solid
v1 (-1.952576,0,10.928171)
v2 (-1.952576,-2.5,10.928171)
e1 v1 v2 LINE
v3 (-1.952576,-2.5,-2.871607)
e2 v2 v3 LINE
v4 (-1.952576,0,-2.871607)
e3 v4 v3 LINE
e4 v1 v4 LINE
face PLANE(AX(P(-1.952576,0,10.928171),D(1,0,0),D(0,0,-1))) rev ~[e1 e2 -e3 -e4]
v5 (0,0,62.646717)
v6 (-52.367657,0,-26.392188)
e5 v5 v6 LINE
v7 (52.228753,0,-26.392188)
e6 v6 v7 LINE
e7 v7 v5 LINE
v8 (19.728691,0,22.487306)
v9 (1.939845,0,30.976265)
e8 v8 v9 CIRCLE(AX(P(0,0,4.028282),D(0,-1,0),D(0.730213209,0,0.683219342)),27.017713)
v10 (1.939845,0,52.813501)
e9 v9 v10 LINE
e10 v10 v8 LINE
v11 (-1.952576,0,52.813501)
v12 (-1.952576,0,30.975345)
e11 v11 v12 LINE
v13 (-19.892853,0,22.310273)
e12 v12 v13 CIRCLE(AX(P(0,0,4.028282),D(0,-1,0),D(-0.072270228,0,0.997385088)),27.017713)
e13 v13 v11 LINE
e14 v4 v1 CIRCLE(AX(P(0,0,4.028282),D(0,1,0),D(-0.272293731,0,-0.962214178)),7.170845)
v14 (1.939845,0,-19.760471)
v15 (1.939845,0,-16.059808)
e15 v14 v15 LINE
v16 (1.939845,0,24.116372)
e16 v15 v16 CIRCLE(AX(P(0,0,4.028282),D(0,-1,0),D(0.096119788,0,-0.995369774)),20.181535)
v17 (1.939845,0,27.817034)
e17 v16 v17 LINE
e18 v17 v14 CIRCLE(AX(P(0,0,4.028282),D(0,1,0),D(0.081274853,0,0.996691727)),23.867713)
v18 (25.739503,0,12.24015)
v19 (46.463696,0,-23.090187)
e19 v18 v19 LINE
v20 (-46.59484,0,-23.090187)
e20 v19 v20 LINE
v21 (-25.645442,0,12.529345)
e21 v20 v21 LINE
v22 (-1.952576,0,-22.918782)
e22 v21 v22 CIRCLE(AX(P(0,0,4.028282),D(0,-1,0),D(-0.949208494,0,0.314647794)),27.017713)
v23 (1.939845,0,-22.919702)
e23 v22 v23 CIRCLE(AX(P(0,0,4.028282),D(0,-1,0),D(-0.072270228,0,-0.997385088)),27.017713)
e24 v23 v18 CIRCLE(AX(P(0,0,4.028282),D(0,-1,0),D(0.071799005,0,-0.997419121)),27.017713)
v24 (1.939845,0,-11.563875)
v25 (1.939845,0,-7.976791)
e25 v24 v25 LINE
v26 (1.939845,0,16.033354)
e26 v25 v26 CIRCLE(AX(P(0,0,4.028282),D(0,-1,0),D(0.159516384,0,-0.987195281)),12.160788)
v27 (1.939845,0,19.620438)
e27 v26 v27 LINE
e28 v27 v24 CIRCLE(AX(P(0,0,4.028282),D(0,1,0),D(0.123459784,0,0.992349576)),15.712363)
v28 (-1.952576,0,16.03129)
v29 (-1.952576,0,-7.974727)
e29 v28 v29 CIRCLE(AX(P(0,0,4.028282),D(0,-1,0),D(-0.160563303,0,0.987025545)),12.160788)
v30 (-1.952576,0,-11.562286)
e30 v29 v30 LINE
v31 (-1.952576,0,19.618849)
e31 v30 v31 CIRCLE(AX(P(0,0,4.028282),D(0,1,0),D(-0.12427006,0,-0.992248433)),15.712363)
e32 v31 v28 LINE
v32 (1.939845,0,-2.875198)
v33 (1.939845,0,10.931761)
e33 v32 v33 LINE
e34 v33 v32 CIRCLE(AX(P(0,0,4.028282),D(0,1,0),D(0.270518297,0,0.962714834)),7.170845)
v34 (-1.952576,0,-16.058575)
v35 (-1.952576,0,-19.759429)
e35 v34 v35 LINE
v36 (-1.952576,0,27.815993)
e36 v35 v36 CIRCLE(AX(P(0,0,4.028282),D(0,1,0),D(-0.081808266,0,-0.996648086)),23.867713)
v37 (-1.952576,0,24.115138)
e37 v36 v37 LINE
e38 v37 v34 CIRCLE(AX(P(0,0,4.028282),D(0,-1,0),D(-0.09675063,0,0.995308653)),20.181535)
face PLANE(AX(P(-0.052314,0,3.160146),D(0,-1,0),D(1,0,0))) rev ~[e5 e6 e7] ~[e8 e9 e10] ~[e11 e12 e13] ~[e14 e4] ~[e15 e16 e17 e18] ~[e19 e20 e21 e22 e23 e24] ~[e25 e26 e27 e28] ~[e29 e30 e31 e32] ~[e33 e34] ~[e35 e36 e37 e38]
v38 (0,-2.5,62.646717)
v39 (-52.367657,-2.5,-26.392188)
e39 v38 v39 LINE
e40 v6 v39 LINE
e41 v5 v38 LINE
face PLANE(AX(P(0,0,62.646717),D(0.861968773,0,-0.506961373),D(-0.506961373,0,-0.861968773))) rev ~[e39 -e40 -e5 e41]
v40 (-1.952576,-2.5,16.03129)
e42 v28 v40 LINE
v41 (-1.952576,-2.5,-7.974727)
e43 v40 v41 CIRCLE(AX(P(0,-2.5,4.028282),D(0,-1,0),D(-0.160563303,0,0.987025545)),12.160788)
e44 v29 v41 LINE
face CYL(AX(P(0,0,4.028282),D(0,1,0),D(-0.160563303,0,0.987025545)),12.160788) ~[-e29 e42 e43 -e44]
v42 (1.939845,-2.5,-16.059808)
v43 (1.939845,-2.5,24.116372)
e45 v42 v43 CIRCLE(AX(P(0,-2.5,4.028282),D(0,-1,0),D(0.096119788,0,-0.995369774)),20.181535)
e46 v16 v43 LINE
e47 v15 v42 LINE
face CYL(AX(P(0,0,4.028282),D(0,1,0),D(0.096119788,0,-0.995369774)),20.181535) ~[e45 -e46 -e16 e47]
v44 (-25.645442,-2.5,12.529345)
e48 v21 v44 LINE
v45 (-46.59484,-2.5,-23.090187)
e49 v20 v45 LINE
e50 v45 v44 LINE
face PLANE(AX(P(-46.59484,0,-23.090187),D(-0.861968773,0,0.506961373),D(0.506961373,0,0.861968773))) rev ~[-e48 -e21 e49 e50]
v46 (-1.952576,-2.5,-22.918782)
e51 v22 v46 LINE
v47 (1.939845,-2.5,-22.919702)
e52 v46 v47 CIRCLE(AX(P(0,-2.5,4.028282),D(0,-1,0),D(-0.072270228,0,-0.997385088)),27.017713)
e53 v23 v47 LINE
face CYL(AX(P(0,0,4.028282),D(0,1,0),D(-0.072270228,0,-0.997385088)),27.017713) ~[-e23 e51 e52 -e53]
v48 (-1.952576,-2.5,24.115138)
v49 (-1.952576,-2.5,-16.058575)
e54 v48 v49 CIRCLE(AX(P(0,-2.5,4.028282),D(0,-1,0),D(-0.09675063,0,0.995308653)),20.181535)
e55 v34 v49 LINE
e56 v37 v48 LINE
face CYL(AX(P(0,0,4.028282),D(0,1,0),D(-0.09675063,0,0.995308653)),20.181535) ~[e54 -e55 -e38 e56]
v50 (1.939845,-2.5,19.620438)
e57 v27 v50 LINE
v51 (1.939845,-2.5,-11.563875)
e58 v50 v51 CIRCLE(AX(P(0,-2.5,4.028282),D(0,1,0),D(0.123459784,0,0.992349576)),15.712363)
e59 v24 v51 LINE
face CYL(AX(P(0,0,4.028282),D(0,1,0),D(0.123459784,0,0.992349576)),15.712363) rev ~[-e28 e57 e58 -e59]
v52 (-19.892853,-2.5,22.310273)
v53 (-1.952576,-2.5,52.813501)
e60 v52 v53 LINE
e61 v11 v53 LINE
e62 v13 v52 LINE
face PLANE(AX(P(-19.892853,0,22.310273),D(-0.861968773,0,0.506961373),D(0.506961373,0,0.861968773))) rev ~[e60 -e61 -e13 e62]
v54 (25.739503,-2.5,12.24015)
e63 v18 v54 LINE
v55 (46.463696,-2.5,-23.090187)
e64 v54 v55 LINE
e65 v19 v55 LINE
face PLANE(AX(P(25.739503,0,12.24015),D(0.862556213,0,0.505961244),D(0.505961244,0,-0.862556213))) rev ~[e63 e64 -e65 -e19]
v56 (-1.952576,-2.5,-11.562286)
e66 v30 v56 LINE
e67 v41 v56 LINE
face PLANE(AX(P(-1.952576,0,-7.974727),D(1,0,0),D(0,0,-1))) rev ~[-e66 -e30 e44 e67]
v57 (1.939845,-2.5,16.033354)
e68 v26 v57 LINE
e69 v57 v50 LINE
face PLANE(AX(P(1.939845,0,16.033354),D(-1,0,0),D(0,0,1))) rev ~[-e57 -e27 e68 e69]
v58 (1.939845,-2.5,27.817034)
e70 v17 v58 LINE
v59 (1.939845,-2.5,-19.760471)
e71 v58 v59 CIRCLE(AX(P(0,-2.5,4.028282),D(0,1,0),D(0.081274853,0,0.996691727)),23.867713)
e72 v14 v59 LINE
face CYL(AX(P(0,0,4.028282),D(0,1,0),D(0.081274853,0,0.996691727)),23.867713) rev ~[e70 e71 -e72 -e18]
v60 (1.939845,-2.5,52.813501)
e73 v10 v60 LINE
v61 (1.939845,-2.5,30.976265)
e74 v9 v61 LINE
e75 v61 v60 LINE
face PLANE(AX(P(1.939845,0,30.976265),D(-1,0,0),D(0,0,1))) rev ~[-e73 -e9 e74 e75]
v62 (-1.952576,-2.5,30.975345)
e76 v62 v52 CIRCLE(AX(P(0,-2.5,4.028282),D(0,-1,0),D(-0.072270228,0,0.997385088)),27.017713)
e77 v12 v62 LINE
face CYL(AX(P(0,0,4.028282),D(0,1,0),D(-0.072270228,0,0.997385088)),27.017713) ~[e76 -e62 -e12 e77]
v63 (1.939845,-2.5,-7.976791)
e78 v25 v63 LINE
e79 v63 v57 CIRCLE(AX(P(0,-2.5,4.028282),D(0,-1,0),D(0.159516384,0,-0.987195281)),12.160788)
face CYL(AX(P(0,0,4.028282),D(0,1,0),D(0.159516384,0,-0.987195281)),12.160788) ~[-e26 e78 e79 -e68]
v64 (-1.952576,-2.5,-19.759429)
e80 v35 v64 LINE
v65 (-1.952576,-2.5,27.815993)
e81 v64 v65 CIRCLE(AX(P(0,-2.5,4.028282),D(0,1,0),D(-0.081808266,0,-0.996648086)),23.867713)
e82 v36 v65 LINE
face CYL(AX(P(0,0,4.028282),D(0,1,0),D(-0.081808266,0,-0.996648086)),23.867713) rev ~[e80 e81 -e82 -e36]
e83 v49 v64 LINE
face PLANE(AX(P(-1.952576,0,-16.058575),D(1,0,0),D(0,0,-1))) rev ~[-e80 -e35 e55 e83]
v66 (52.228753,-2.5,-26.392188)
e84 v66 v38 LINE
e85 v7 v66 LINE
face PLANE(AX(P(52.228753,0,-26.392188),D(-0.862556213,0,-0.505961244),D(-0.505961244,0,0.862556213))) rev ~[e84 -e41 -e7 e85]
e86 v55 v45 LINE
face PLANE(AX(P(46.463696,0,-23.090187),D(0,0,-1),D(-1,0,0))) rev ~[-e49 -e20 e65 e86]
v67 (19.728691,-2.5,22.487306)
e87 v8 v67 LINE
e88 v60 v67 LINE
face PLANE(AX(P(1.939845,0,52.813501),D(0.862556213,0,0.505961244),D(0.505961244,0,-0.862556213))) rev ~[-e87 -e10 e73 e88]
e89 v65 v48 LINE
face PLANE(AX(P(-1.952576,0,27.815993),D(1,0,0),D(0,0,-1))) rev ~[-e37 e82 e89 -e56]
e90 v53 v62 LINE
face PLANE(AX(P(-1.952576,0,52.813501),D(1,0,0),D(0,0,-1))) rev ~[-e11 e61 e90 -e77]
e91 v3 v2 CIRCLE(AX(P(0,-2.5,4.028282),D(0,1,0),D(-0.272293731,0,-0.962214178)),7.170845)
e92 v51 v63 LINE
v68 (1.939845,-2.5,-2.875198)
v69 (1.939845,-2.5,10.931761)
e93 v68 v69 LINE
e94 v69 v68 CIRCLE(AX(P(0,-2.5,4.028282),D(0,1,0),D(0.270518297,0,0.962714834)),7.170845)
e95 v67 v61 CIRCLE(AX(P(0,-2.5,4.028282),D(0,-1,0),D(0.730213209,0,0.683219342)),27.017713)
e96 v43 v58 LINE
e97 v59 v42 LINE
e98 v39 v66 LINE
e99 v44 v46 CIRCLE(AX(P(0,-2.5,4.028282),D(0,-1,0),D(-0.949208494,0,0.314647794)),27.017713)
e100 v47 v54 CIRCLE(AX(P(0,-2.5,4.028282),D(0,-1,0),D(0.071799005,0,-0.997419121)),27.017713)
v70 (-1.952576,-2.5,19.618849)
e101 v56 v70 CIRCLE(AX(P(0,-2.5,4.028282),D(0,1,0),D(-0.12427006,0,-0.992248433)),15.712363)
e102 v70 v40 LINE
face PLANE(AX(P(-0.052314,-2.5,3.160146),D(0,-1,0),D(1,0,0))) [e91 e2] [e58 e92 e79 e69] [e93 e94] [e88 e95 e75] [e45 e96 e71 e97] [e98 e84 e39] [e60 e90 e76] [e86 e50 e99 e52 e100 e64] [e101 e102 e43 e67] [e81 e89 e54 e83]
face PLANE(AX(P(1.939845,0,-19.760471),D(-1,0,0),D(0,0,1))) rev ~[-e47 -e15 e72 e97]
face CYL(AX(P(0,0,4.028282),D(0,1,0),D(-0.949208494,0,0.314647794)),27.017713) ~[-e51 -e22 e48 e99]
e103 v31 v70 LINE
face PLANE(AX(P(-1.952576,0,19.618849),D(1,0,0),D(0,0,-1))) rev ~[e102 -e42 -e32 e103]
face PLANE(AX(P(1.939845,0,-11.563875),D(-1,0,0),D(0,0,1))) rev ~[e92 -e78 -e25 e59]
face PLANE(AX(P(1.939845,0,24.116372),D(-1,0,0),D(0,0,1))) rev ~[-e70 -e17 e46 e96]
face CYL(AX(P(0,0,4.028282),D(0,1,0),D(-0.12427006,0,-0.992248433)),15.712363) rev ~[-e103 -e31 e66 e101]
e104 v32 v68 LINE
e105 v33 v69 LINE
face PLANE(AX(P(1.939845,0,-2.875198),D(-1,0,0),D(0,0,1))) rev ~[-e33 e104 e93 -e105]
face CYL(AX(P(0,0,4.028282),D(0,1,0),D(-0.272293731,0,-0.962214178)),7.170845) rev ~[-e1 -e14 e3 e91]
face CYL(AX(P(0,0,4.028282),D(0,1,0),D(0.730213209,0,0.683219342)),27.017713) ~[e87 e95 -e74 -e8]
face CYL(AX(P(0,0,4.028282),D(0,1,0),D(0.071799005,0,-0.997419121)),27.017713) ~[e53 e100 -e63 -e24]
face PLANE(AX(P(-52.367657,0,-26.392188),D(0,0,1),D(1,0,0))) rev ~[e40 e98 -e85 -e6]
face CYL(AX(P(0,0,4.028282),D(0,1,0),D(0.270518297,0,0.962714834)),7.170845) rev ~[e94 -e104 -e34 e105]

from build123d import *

# Parameters (mm, degrees)
F1_DEPTH = 2.5


with BuildPart() as f1:
    # F0 (on Front) → F1 (new body)
    with BuildSketch(Plane.XZ):
        Polygon((52.2287525237, -26.3921879232), (0, 62.6467168331), (-52.367657423, -26.3921879232), align=None)
        Polygon((25.7395030085, 12.2401500318), (46.4636957768, -23.0901869354), (1.9398448926, -23.0901869354), (-1.9525762507, -23.0901869354), (-46.5948404749, -23.0901869354), (-25.6454423536, 12.5293453449), (-19.8928530583, 22.3102726494), (-1.9525762507, 52.8135007214), (-0.0037810953, 56.1269692776), (1.9398448926, 52.8135007214), (19.728690651, 22.4873055381), align=None, mode=Mode.SUBTRACT)
        with BuildLine():
            ThreePointArc((-1.9525762507, -22.9187820592), (-0.0063822594, -22.989430241), (1.9398448926, -22.9197015464))
            Line((1.9398448926, -22.9197015464), (1.9398448926, -19.7604708833))
            Line((1.9398448926, -19.7604708833), (1.9398448926, -16.0598084555))
            Line((1.9398448926, -16.0598084555), (1.9398448926, -11.5638747518))
            Line((1.9398448926, -11.5638747518), (1.9398448926, -7.9767906652))
            Line((1.9398448926, -7.9767906652), (1.9398448926, -2.8751975899))
            Line((1.9398448926, -2.8751975899), (1.9398448926, 10.9317609152))
            Line((1.9398448926, 10.9317609152), (1.9398448926, 16.0333539904))
            Line((1.9398448926, 16.0333539904), (1.9398448926, 19.620438077))
            Line((1.9398448926, 19.620438077), (1.9398448926, 24.1163717807))
            Line((1.9398448926, 24.1163717807), (1.9398448926, 27.8170342086))
            Line((1.9398448926, 27.8170342086), (1.9398448926, 30.9762648716))
            Line((1.9398448926, 30.9762648716), (1.9398448926, 52.8135007214))
            Line((1.9398448926, 52.8135007214), (-0.0037810953, 56.1269692776))
            Line((-0.0037810953, 56.1269692776), (-1.9525762507, 52.8135007214))
            Line((-1.9525762507, 52.8135007214), (-1.9525762507, 30.9753453844))
            Line((-1.9525762507, 30.9753453844), (-1.9525762507, 27.8159926051))
            Line((-1.9525762507, 27.8159926051), (-1.9525762507, 24.1151382805))
            Line((-1.9525762507, 24.1151382805), (-1.9525762507, 19.6188488698))
            Line((-1.9525762507, 19.6188488698), (-1.9525762507, 16.0312898601))
            Line((-1.9525762507, 16.0312898601), (-1.9525762507, 10.9281707909))
            Line((-1.9525762507, 10.9281707909), (-1.9525762507, -2.8716074657))
            Line((-1.9525762507, -2.8716074657), (-1.9525762507, -7.9747265348))
            Line((-1.9525762507, -7.9747265348), (-1.9525762507, -11.5622855446))
            Line((-1.9525762507, -11.5622855446), (-1.9525762507, -16.0585749552))
            Line((-1.9525762507, -16.0585749552), (-1.9525762507, -19.7594292799))
            Line((-1.9525762507, -19.7594292799), (-1.9525762507, -22.9187820592))
        make_face()
        with BuildLine():
            ThreePointArc((-25.6454423536, 12.5293453449), (-22.4623037962, -10.9851025464), (-1.9525762507, -22.9187820592))
            Line((-1.9525762507, -22.9187820592), (-1.9525762507, -19.7594292799))
            ThreePointArc((-1.9525762507, -19.7594292799), (-23.8677134619, 4.0282816626), (-1.9525762507, 27.8159926051))
            Line((-1.9525762507, 27.8159926051), (-1.9525762507, 30.9753453844))
            ThreePointArc((-1.9525762507, 30.9753453844), (-11.750598572, 28.35687041), (-19.8928530583, 22.3102726494))
            Line((-19.8928530583, 22.3102726494), (-25.6454423536, 12.5293453449))
        make_face()
        with BuildLine():
            Line((1.9398448926, -11.5638747518), (1.9398448926, -16.0598084555))
            ThreePointArc((1.9398448926, -16.0598084555), (20.1815351943, 4.0282816626), (1.9398448926, 24.1163717807))
            Line((1.9398448926, 24.1163717807), (1.9398448926, 19.620438077))
            ThreePointArc((1.9398448926, 19.620438077), (15.712362644, 4.0282816626), (1.9398448926, -11.5638747518))
        make_face()
        with BuildLine():
            ThreePointArc((-1.9525762507, 24.1151382805), (-20.1815351943, 4.0282816626), (-1.9525762507, -16.0585749552))
            Line((-1.9525762507, -16.0585749552), (-1.9525762507, -11.5622855446))
            ThreePointArc((-1.9525762507, -11.5622855446), (-15.712362644, 4.0282816626), (-1.9525762507, 19.6188488698))
            Line((-1.9525762507, 19.6188488698), (-1.9525762507, 24.1151382805))
        make_face()
        with BuildLine():
            ThreePointArc((1.9398448926, -22.9197015464), (22.3738768614, -11.1165666837), (25.7395030085, 12.2401500318))
            Line((25.7395030085, 12.2401500318), (19.728690651, 22.4873055381))
            ThreePointArc((19.728690651, 22.4873055381), (11.636020187, 28.411879253), (1.9398448926, 30.9762648716))
            Line((1.9398448926, 30.9762648716), (1.9398448926, 27.8170342086))
            ThreePointArc((1.9398448926, 27.8170342086), (23.8677134619, 4.0282816626), (1.9398448926, -19.7604708833))
            Line((1.9398448926, -19.7604708833), (1.9398448926, -22.9197015464))
        make_face()
        with BuildLine():
            Line((1.9398448926, -2.8751975899), (1.9398448926, -7.9767906652))
            ThreePointArc((1.9398448926, -7.9767906652), (12.1607877953, 4.0282816626), (1.9398448926, 16.0333539904))
            Line((1.9398448926, 16.0333539904), (1.9398448926, 10.9317609152))
            ThreePointArc((1.9398448926, 10.9317609152), (7.1708454172, 4.0282816626), (1.9398448926, -2.8751975899))
        make_face()
        with BuildLine():
            ThreePointArc((-1.9525762507, 16.0312898601), (-12.1607877953, 4.0282816626), (-1.9525762507, -7.9747265348))
            Line((-1.9525762507, -7.9747265348), (-1.9525762507, -2.8716074657))
            ThreePointArc((-1.9525762507, -2.8716074657), (-7.1708454172, 4.0282816626), (-1.9525762507, 10.9281707909))
            Line((-1.9525762507, 10.9281707909), (-1.9525762507, 16.0312898601))
        make_face()
    extrude(amount=F1_DEPTH)


solid = f1.part
